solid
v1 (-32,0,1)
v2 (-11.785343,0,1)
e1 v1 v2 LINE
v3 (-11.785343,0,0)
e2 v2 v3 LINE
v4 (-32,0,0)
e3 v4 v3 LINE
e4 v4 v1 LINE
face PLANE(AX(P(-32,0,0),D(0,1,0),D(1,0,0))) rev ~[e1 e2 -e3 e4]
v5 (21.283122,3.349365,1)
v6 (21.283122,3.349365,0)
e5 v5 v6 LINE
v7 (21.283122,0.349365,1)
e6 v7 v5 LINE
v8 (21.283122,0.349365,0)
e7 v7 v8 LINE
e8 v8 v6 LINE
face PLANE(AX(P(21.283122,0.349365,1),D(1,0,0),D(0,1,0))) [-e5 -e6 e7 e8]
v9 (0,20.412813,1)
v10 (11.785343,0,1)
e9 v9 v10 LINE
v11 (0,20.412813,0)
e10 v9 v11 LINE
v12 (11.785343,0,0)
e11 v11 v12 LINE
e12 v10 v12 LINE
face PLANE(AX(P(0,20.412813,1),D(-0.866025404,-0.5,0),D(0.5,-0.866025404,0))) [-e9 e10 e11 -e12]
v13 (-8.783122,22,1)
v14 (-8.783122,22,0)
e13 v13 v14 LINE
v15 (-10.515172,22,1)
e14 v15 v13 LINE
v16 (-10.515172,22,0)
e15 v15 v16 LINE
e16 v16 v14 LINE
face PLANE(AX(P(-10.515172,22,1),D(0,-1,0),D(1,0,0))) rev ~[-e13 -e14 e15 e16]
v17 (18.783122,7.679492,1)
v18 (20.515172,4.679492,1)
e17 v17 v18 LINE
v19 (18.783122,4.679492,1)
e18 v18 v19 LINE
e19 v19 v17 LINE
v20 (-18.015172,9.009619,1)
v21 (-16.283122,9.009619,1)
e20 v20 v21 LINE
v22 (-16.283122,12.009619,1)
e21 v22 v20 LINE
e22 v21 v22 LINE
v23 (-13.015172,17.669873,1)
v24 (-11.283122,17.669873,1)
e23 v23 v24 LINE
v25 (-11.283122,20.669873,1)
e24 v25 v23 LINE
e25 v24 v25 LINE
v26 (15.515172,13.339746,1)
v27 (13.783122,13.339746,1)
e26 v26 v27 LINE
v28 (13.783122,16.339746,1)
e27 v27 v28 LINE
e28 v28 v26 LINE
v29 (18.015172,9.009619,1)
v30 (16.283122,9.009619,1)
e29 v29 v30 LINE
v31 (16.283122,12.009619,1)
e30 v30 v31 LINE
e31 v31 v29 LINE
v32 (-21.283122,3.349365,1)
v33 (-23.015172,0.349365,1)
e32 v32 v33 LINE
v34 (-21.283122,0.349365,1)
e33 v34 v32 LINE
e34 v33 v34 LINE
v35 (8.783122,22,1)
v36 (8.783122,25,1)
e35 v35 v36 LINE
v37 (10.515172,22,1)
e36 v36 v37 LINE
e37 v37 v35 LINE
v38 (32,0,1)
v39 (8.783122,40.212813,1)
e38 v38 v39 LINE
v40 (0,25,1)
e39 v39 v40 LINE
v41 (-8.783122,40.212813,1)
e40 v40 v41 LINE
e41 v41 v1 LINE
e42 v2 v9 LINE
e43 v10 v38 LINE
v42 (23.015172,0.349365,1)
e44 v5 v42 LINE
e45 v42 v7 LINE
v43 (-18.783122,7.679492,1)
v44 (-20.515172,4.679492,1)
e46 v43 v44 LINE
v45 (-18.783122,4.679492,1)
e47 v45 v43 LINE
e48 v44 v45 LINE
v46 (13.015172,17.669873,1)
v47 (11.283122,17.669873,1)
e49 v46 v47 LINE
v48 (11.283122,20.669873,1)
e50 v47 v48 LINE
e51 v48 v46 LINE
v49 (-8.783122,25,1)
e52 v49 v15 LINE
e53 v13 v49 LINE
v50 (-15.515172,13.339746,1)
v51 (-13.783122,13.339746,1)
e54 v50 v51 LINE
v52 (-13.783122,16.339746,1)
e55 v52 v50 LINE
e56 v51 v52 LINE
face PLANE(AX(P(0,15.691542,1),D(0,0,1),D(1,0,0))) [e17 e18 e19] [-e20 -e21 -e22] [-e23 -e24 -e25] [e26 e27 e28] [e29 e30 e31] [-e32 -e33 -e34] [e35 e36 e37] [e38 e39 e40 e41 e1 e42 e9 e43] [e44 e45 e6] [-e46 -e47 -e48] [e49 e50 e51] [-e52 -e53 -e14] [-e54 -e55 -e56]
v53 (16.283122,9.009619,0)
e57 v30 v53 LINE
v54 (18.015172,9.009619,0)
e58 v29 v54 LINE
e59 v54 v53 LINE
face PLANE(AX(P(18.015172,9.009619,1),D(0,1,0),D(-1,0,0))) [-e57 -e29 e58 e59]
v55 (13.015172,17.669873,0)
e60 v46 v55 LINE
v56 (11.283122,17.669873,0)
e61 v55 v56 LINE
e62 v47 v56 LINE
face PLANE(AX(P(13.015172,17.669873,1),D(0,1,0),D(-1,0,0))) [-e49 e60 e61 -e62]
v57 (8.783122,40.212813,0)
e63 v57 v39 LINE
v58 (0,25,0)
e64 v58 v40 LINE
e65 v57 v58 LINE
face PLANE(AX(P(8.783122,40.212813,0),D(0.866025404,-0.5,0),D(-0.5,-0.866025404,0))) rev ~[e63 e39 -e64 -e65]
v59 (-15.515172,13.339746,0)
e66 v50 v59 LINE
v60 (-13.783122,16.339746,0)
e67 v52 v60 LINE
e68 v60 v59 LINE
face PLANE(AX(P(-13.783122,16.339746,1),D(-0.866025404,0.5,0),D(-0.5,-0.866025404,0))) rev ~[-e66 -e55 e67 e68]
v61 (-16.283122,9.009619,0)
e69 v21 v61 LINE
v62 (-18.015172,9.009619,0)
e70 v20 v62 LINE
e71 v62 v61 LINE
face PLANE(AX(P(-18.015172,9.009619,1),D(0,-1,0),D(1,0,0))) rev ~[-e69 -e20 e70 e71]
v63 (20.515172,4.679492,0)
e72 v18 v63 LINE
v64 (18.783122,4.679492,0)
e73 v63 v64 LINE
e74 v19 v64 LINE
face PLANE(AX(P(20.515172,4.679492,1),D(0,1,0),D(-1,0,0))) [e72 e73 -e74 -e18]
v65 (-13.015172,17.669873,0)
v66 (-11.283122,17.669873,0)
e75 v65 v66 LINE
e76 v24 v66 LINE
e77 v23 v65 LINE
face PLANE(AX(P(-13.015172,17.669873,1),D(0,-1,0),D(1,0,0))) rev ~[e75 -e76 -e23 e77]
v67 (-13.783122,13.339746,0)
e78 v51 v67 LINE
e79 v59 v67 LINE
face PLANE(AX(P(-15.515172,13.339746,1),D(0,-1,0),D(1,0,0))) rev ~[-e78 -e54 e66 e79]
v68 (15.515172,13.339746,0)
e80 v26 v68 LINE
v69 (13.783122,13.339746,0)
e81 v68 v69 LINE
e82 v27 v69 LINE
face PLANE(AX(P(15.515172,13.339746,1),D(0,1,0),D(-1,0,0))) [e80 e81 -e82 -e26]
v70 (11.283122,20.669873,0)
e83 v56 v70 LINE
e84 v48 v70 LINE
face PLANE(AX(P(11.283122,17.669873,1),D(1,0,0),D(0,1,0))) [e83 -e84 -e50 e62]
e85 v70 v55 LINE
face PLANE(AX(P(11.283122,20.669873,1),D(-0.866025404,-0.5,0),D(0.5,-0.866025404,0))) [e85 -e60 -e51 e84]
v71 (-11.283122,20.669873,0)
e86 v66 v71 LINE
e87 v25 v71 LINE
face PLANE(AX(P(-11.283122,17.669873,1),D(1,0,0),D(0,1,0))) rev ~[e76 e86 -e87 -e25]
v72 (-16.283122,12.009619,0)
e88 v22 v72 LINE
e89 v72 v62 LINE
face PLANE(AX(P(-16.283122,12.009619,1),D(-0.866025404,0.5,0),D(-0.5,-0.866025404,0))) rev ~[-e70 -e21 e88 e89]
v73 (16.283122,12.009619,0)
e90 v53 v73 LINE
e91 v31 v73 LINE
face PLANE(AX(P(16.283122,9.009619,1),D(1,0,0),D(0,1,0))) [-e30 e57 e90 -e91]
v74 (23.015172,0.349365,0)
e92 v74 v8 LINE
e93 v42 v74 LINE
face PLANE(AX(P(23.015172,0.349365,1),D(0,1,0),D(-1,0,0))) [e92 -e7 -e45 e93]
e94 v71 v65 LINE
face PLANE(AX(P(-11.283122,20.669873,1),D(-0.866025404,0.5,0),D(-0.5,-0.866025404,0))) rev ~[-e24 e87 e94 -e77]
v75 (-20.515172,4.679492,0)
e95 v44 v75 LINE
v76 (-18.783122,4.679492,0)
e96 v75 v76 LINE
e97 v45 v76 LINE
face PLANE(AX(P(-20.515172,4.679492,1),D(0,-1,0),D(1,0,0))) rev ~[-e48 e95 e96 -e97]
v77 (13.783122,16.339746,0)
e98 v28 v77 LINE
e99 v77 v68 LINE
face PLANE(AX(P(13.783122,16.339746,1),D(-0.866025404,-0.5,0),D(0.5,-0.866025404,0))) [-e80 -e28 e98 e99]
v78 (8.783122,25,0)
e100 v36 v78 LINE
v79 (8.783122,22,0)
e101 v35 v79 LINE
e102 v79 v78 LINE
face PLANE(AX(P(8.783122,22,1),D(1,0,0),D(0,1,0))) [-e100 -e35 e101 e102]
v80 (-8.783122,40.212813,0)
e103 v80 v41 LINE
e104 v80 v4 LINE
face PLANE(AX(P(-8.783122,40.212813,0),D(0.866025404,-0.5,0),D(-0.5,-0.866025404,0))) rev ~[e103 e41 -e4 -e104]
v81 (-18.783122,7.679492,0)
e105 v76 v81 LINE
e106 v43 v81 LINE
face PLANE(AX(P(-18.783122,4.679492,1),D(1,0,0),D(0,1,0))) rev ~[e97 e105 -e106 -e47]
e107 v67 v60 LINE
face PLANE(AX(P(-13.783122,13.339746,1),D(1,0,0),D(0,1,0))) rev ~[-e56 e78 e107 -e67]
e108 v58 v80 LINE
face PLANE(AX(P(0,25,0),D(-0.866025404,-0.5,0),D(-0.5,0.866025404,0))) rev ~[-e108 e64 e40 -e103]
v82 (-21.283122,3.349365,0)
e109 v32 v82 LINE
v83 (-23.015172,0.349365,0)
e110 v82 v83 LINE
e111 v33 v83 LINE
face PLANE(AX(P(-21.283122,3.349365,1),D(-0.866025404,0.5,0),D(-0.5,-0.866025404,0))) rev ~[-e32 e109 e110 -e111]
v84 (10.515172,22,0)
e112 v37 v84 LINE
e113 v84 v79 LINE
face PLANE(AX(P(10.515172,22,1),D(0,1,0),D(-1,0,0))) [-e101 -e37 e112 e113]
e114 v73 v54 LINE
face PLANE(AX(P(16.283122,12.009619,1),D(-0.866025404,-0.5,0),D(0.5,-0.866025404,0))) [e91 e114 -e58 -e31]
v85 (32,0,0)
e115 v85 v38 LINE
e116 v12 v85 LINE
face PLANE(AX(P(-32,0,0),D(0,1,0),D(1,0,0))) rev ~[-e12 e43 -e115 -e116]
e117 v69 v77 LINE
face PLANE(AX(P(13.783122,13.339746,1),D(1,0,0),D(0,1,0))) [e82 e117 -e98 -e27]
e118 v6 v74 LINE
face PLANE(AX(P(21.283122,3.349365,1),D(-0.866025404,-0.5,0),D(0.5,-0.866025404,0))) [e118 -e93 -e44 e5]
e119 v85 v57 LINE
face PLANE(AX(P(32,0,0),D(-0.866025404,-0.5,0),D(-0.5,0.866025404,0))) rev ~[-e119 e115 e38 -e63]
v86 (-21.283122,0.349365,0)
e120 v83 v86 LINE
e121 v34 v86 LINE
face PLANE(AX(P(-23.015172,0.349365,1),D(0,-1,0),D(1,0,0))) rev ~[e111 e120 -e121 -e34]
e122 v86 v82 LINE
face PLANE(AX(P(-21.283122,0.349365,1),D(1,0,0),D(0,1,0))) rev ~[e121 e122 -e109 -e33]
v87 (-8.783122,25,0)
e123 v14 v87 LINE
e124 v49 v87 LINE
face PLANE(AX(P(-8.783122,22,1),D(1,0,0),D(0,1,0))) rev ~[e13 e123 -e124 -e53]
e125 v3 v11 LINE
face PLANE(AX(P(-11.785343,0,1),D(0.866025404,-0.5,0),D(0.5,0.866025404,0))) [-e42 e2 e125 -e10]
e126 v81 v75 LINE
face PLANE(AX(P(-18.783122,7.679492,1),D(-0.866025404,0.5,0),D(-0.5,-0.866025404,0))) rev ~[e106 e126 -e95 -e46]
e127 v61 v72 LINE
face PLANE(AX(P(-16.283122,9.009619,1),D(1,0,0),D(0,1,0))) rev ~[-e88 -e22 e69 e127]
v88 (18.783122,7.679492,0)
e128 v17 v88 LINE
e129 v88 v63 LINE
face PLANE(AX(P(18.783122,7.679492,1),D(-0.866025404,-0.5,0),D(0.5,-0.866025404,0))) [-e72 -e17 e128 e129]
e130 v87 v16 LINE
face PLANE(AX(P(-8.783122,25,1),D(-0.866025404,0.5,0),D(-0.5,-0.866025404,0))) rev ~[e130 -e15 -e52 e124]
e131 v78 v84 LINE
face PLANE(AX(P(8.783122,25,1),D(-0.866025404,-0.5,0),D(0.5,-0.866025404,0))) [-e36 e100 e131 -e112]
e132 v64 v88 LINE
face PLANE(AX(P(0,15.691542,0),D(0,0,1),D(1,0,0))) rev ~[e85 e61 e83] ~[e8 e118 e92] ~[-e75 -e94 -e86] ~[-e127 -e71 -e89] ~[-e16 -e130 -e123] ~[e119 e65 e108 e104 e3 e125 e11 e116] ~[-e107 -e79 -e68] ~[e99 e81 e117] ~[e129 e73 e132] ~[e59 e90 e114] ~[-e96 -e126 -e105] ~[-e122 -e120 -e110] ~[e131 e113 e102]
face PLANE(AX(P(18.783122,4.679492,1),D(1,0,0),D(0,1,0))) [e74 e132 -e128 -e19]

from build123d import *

# Parameters (mm, degrees)
EXTRUDE_1_DEPTH     = 1
CUT_EXTRUDE_1_DEPTH = 52.40107317
CUT_EXTRUDE_2_DEPTH = 10


with BuildPart() as part:
    # 草图1 → 凸台-拉伸1 (new body)
    with BuildSketch(Plane.XY):
        Polygon((-32, 0), (32, 0), (8.783121635, 40.212812921), (0, 25), (-8.783121635, 40.212812921), align=None)
    extrude(amount=EXTRUDE_1_DEPTH)

    # 草图2 → 切除-拉伸1 (cut, through all)
    with BuildSketch(Plane.XY.offset(1)):
        Polygon((-8.783121635, 25), (-10.515172443, 22), (-8.783121635, 22), align=None)
        Polygon((-11.283121635, 17.669872981), (-11.283121635, 20.669872981), (-13.015172443, 17.669872981), align=None)
        Polygon((-13.783121635, 13.339745962), (-13.783121635, 16.339745962), (-15.515172443, 13.339745962), align=None)
        Polygon((-16.283121635, 9.009618943), (-16.283121635, 12.009618943), (-18.015172443, 9.009618943), align=None)
        Polygon((-18.783121635, 4.679491924), (-18.783121635, 7.679491924), (-20.515172443, 4.679491924), align=None)
        Polygon((-21.283121635, 0.349364905), (-21.283121635, 3.349364905), (-23.015172443, 0.349364905), align=None)
        Polygon((23.015172443, 0.349364905), (21.283121635, 0.349364905), (21.283121635, 3.349364905), align=None)
        Polygon((20.515172443, 4.679491924), (18.783121635, 4.679491924), (18.783121635, 7.679491924), align=None)
        Polygon((18.015172443, 9.009618943), (16.283121635, 9.009618943), (16.283121635, 12.009618943), align=None)
        Polygon((15.515172443, 13.339745962), (13.783121635, 13.339745962), (13.783121635, 16.339745962), align=None)
        Polygon((13.015172443, 17.669872981), (11.283121635, 17.669872981), (11.283121635, 20.669872981), align=None)
        Polygon((10.515172443, 22), (8.783121635, 22), (8.783121635, 25), align=None)
    extrude(amount=-CUT_EXTRUDE_1_DEPTH, mode=Mode.SUBTRACT)

    # 草图3 → 切除-拉伸2 (cut)
    with BuildSketch(Plane.XY.offset(1)):
        Polygon((-11.785343035, 0), (0, 20.412812921), (11.785343035, 0), align=None)
    extrude(amount=-CUT_EXTRUDE_2_DEPTH, mode=Mode.SUBTRACT)


solid = part.part
